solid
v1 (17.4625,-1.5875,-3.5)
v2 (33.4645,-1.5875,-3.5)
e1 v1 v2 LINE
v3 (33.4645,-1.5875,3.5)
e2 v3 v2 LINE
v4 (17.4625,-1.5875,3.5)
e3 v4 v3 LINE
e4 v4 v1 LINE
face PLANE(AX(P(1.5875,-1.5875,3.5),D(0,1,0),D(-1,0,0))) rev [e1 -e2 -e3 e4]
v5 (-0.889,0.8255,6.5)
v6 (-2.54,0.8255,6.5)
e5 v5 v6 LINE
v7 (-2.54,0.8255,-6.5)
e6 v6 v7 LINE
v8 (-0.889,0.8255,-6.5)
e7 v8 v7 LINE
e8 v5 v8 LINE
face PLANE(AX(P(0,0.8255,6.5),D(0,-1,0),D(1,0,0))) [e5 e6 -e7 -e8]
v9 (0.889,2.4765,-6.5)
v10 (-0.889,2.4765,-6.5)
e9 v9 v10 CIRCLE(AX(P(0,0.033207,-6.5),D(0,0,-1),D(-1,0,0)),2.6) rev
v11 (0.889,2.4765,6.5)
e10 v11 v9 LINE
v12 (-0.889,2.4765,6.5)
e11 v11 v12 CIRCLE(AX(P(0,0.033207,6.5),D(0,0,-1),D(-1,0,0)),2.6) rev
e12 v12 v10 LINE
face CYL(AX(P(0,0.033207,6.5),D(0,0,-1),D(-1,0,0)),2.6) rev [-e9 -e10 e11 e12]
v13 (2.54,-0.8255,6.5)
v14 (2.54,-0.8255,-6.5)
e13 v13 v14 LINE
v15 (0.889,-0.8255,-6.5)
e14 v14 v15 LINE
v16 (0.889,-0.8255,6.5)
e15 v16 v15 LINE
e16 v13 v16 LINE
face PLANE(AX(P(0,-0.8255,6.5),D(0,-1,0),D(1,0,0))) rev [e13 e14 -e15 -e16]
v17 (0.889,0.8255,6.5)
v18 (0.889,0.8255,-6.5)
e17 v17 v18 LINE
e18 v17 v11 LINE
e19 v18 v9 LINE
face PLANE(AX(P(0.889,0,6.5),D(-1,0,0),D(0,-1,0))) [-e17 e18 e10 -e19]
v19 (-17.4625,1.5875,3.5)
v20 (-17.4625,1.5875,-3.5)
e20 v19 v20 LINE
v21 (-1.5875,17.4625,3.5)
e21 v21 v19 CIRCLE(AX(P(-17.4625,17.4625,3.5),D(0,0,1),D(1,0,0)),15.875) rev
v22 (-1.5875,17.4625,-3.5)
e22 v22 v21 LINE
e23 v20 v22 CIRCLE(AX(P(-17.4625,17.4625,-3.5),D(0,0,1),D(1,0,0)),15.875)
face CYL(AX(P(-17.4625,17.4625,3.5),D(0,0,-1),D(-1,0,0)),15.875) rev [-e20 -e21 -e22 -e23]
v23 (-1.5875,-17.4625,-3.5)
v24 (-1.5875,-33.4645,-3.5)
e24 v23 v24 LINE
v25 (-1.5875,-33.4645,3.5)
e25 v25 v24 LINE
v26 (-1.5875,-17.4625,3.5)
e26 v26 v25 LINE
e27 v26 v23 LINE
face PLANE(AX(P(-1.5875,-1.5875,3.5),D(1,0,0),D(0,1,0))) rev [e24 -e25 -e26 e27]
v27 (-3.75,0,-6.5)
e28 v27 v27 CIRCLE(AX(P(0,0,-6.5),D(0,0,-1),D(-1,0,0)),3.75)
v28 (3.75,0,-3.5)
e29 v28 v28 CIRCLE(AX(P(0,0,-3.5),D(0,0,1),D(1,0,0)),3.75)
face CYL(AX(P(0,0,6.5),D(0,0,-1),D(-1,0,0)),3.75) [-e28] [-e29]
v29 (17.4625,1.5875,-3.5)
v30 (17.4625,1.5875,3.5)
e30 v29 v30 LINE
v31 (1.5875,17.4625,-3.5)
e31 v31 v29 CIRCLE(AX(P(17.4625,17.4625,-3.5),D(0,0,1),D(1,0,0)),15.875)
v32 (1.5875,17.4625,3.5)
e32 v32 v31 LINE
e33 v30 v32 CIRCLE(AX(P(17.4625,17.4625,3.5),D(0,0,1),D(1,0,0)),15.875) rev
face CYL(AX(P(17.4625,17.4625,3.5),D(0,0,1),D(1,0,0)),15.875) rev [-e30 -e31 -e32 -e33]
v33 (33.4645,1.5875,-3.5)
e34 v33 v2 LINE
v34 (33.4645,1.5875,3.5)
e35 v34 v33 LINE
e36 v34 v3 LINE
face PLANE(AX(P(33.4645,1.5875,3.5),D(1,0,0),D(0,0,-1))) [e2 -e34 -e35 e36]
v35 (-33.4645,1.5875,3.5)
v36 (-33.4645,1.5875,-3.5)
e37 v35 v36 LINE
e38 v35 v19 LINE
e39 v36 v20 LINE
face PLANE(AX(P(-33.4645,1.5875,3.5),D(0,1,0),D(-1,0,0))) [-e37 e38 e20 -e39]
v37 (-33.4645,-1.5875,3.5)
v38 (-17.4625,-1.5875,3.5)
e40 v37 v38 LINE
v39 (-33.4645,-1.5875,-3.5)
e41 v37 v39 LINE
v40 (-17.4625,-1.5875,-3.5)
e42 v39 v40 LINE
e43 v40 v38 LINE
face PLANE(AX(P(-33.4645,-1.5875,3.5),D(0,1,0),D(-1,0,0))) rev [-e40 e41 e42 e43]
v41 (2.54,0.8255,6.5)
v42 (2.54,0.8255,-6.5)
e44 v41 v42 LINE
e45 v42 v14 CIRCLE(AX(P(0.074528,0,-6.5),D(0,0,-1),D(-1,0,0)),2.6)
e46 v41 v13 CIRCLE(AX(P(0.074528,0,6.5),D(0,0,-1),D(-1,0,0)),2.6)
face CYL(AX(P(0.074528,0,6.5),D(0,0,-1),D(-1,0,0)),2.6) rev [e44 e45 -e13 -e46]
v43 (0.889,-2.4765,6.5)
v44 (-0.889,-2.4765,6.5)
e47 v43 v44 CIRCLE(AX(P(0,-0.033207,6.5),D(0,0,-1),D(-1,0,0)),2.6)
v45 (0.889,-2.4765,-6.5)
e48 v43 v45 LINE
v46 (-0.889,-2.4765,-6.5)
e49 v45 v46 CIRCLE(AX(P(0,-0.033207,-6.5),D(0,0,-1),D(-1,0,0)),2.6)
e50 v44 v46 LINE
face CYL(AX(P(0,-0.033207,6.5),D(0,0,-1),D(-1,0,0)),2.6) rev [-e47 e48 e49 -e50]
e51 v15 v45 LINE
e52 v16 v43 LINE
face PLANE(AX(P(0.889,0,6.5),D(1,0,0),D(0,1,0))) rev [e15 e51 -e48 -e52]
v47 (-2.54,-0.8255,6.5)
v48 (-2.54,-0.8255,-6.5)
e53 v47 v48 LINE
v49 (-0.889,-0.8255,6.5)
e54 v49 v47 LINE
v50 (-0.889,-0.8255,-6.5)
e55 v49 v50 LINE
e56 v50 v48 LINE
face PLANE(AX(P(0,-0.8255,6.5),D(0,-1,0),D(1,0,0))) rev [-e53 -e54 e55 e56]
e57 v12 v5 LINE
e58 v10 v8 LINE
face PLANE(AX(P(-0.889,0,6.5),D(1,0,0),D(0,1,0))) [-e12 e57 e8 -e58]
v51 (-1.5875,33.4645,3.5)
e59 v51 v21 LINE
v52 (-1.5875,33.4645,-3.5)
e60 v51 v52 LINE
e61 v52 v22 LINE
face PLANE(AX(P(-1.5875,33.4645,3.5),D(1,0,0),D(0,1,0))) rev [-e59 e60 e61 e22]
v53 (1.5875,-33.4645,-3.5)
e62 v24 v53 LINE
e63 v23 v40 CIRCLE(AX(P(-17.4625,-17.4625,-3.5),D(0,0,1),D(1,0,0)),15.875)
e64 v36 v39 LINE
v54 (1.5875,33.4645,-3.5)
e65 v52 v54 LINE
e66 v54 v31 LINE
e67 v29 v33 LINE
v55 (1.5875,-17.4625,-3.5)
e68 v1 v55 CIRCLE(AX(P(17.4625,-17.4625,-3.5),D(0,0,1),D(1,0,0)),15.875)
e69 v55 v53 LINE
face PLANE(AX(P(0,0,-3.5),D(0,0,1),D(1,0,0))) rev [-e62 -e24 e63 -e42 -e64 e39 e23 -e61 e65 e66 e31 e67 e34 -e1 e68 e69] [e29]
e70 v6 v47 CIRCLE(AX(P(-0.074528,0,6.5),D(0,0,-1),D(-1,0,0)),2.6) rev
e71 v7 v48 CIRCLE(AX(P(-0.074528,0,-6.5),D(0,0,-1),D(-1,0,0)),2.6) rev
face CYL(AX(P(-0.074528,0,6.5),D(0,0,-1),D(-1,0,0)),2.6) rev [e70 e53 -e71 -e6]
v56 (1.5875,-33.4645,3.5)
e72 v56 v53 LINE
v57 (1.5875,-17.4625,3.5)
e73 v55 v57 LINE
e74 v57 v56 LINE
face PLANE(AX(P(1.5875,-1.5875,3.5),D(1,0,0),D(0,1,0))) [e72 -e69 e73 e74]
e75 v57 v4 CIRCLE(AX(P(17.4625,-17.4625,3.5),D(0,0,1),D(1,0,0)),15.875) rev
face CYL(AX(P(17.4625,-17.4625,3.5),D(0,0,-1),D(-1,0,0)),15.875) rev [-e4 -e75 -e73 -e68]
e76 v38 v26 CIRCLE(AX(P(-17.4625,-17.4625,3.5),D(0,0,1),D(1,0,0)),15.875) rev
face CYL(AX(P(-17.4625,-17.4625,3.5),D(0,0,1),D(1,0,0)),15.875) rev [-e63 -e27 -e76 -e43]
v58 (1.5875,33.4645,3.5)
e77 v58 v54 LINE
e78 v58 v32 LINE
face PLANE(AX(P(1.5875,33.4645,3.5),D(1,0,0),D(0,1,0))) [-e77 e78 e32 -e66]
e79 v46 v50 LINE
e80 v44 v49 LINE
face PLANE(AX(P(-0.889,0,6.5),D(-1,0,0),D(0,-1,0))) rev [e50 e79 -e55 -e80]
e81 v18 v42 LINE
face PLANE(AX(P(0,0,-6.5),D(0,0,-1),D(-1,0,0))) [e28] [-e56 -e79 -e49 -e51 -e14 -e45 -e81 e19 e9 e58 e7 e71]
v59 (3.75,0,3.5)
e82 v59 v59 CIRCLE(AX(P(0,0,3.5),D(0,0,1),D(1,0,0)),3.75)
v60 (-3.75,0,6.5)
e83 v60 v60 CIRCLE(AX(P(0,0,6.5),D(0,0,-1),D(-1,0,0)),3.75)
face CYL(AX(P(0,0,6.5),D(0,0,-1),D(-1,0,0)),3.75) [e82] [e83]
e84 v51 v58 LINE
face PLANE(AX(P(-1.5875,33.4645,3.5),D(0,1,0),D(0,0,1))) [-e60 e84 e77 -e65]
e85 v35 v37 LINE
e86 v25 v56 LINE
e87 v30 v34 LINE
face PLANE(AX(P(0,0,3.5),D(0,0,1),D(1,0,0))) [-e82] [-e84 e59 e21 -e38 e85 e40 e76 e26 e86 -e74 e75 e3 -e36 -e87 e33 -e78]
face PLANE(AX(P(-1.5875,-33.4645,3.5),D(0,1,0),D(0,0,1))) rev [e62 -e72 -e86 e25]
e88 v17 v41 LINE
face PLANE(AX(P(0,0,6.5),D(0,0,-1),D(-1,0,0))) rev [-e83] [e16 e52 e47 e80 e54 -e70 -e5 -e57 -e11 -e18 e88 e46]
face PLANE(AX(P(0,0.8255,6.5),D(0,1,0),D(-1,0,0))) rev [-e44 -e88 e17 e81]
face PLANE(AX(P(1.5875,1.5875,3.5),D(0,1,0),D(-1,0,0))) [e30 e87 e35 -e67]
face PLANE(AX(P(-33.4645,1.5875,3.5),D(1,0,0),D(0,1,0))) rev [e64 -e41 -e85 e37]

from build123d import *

# Parameters (mm, degrees)
BOSS_EXTRUDE1_DEPTH      = 3.5
FILLET1_R                = 15.875
SKETCH3_R                = 3.75
BOSS_EXTRUDE2_DEPTH      = 3
BOSS_EXTRUDE2_DEPTH_BACK = 9.99999997
CUT_EXTRUDE1_DEPTH       = 13.99999997


with BuildPart() as part:
    # Sketch1 → Boss-Extrude1 (new body, symmetric)
    with BuildSketch(Plane.XY):
        Polygon((1.5875, -1.5875), (1.5875, -33.4645), (-1.5875, -33.4645), (-1.5875, -1.5875), (-33.4645, -1.5875), (-33.4645, 1.5875), (-1.5875, 1.5875), (-1.5875, 33.4645), (1.5875, 33.4645), (1.5875, 1.5875), (33.4645, 1.5875), (33.4645, -1.5875), align=None)
    extrude(amount=BOSS_EXTRUDE1_DEPTH, both=True)

    # Fillet1
    fillet1_edges = [part.edges().sort_by_distance(p)[0] for p in [
        (-1.5875, 1.5875, 0),
        (1.5875, 1.5875, 0),
        (1.5875, -1.5875, 0),
        (-1.5875, -1.5875, 0),
    ]]
    fillet(fillet1_edges, radius=FILLET1_R)

    # Sketch3 → Boss-Extrude2 (add, two sides)
    with BuildSketch(Plane(origin=(0, 0, -3.5), x_dir=(-1, 0, 0), z_dir=(0, 0, -1))) as boss_extrude2_sk:
        Circle(SKETCH3_R)
    extrude(amount=BOSS_EXTRUDE2_DEPTH)
    extrude(boss_extrude2_sk.sketch, amount=-BOSS_EXTRUDE2_DEPTH_BACK)

    # Sketch4 → Cut-Extrude1 (cut, through all)
    with BuildSketch(Plane(origin=(0, 0, -6.5), x_dir=(-1, 0, 0), z_dir=(0, 0, -1))):
        with BuildLine():
            Line((-0.889, 0.8255), (-0.889, 2.4765))
            ThreePointArc((-0.889, 2.4765), (0, 2.633207345), (0.889, 2.4765))
            Line((0.889, 2.4765), (0.889, 0.8255))
            Line((0.889, 0.8255), (2.54, 0.8255))
            ThreePointArc((2.54, 0.8255), (2.674528493, 0), (2.54, -0.8255))
            Line((2.54, -0.8255), (0.889, -0.8255))
            Line((0.889, -0.8255), (0.889, -2.4765))
            ThreePointArc((0.889, -2.4765), (0, -2.633207345), (-0.889, -2.4765))
            Line((-0.889, -2.4765), (-0.889, -0.8255))
            Line((-0.889, -0.8255), (-2.54, -0.8255))
            ThreePointArc((-2.54, -0.8255), (-2.674528493, 0), (-2.54, 0.8255))
            Line((-2.54, 0.8255), (-0.889, 0.8255))
        make_face()
    extrude(amount=-CUT_EXTRUDE1_DEPTH, mode=Mode.SUBTRACT)


solid = part.part
